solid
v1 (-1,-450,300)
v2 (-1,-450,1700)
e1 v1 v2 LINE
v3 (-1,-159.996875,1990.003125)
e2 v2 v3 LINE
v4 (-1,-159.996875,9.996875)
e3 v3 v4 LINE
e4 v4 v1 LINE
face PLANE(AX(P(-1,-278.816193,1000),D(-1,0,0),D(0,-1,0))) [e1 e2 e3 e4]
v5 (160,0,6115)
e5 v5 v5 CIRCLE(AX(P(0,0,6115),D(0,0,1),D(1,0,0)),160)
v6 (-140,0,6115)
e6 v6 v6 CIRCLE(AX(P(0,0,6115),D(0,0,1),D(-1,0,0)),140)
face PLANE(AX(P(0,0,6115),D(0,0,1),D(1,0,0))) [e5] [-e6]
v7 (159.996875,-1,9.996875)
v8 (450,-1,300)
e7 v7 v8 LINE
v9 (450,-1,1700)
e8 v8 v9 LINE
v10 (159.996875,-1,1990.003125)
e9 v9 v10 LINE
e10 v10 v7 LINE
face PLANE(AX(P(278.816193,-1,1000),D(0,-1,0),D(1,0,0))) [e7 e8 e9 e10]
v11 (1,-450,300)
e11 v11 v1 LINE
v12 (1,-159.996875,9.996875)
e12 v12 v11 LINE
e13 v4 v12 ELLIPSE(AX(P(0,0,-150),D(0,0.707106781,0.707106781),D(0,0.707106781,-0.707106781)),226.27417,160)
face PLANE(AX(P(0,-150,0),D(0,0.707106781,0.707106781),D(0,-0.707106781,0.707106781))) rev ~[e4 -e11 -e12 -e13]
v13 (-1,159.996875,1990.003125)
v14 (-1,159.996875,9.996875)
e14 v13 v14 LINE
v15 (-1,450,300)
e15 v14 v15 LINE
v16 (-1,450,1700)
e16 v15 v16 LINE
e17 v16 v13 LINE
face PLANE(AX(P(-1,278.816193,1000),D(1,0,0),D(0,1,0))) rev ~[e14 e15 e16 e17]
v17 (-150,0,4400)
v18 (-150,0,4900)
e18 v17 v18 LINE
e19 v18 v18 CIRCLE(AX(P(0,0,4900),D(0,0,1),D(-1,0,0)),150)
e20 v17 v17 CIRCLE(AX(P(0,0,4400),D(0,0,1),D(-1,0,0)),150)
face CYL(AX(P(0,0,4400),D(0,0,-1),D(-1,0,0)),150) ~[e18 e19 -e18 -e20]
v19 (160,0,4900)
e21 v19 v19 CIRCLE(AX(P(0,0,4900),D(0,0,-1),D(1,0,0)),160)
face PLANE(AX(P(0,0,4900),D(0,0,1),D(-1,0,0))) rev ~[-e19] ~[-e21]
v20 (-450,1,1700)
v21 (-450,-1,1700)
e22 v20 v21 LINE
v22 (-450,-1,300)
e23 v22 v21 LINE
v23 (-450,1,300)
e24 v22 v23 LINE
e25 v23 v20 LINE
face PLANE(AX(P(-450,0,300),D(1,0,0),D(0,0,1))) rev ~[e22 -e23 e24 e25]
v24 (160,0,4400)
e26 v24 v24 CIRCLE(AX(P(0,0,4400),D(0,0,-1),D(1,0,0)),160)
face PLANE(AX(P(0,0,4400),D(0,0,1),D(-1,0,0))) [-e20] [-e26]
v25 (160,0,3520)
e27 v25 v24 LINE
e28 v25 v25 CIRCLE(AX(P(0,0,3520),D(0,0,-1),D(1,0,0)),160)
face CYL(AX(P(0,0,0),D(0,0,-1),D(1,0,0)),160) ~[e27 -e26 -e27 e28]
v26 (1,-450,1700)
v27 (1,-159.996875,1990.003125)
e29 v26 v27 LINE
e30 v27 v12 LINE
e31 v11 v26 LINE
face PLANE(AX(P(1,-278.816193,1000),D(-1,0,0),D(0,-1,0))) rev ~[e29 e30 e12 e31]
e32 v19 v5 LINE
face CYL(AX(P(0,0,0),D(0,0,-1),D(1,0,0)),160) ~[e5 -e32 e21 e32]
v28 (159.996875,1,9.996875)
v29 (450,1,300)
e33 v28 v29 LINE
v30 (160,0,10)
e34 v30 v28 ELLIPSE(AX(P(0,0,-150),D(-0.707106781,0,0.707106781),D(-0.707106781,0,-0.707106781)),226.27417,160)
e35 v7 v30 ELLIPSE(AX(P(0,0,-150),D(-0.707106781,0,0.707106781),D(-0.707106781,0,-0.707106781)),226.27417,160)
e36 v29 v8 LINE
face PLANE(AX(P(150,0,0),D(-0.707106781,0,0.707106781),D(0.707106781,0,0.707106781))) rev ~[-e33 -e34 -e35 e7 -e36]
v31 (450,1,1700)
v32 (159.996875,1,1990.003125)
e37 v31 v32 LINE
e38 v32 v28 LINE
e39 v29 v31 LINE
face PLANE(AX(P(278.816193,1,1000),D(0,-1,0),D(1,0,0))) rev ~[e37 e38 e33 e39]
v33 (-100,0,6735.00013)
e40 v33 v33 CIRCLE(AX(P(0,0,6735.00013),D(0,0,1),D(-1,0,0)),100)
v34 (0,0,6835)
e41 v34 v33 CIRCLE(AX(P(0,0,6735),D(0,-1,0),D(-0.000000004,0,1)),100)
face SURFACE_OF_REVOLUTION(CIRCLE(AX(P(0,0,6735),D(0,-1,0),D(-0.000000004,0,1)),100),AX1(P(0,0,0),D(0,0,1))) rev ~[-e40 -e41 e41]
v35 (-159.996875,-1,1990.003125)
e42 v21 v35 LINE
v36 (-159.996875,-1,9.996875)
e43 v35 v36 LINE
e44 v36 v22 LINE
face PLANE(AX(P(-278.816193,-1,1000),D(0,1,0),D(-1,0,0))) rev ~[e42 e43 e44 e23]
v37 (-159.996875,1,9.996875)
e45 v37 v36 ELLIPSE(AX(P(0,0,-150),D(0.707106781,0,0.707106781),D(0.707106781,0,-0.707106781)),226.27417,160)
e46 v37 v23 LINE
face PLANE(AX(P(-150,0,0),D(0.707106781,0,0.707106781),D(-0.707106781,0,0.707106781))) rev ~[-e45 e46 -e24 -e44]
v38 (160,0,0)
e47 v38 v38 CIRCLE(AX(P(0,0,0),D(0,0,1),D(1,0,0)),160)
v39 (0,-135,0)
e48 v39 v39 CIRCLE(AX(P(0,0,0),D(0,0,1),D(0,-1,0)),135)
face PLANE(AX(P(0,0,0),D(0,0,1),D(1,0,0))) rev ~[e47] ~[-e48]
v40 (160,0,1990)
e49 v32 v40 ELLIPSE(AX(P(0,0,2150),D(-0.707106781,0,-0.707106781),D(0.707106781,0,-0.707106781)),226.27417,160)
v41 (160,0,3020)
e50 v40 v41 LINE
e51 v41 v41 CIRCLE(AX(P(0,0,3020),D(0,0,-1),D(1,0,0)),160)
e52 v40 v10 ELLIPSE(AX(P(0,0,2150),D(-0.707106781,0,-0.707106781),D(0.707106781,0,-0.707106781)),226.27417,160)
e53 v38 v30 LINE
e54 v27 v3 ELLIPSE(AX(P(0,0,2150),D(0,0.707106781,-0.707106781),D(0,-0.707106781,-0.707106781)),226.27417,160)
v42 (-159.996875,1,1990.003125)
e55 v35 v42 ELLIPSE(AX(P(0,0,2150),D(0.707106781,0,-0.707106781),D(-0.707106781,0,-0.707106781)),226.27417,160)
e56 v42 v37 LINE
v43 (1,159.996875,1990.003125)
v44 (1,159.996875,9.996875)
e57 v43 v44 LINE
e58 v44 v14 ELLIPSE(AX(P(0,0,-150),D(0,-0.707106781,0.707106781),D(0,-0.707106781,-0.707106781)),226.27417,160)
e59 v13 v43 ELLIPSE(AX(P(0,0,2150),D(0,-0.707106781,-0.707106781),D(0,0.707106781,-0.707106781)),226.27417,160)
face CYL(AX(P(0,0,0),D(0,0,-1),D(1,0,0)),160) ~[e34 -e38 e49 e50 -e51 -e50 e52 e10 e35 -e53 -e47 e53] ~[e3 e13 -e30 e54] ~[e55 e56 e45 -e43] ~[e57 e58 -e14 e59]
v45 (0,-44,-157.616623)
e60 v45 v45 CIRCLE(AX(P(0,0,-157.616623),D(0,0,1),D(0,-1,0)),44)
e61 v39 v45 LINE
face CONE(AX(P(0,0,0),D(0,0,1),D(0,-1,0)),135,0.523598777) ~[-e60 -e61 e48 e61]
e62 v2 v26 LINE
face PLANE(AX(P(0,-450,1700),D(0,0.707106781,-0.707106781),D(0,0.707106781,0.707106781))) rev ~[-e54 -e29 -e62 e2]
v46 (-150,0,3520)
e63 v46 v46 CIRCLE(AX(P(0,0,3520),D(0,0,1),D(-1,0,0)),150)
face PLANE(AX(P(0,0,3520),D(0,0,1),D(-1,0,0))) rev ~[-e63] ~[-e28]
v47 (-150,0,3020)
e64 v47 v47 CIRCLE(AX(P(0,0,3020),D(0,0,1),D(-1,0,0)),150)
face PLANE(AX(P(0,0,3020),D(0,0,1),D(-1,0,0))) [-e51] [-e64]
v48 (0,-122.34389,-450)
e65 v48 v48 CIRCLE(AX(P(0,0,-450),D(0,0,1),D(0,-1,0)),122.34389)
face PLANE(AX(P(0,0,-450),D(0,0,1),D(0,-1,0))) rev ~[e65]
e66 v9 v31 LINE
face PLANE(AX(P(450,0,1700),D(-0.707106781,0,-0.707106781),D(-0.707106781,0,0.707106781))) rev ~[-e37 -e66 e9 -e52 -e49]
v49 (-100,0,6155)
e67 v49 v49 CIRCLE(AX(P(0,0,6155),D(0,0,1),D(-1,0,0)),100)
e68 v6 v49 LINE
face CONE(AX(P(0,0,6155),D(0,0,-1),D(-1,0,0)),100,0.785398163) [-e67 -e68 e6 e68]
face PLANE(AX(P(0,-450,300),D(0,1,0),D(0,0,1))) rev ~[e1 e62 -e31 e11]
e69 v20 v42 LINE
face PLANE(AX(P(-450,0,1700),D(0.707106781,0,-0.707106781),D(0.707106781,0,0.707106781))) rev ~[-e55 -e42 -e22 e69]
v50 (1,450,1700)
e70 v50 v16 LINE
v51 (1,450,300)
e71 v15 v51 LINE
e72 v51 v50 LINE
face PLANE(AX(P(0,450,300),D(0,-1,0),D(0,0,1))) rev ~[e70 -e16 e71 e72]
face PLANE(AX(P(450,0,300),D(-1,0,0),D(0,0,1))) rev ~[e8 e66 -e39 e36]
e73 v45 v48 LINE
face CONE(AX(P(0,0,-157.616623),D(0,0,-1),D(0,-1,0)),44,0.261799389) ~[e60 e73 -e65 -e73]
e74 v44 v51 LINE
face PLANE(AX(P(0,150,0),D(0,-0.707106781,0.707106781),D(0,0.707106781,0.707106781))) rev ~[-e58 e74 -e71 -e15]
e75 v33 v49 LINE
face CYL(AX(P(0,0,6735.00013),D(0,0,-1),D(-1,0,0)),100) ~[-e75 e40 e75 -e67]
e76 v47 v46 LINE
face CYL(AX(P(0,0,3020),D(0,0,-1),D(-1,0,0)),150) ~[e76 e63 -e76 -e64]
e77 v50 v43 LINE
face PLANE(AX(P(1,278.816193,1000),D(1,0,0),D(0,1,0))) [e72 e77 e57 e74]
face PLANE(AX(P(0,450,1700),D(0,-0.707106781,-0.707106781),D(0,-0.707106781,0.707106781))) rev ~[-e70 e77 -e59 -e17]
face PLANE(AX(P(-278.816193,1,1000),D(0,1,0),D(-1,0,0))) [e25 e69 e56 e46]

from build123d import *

# Parameters (mm, degrees)
SKETCH_R           = 160
PAD_DEPTH          = 6115
CHAMFER_SIZE       = 40
PAD001_DEPTH       = 1
POLARPATTERN_COUNT = 4
SKETCH004_R        = 160
SKETCH004_R_2      = 150
POCKET_DEPTH       = 500
SKETCH005_R        = 160
SKETCH005_R_2      = 150
POCKET001_DEPTH    = 500


with BuildPart() as part:
    # Sketch → Pad (new body)
    with BuildSketch(Plane.XY):
        Circle(SKETCH_R)
    extrude(amount=PAD_DEPTH)

    # Sketch001 → Revolution (revolve)
    with BuildSketch(Plane.XZ):
        with BuildLine():
            ThreePointArc((0, 6835), (-70.710632, 6805.710724), (-100, 6735.00013))
            Line((-100, 6735.00013), (-100, 6115))
            Line((-100, 6115), (0, 6115))
            Line((0, 6115), (0, 6735.00013))
            Line((0, 6835), (0, 6735.00013))
        make_face()
    revolve(axis=Axis((0, 0, 0), (0, 0, 1)))

    # Sketch002 → Revolution001 (revolve)
    with BuildSketch(Plane.YZ):
        Polygon((-135, 0), (-44, -157.616623), (-122.34389, -450), (0, -450), (0, 0), align=None)
    revolve(axis=Axis((0, 0, 0), (0, 0, 1)))

    # Chamfer
    chamfer_edges = [part.edges().sort_by_distance(p)[0] for p in [
        (100, 0, 6115),
    ]]
    chamfer(chamfer_edges, length=CHAMFER_SIZE)

    # Sketch003 → Pad001 (join, symmetric)
    with BuildSketch(Plane.YZ):
        Polygon((-150, 2000), (-150, 0), (-450, 300), (-450, 1700), align=None)
    pad001 = extrude(amount=PAD001_DEPTH, both=True)

    # PolarPattern: Pad001 ×4 about axis
    polarpattern_axis = Axis((0, 0, 0), (0, 0, 1))
    for i in range(1, POLARPATTERN_COUNT):
        add(pad001.rotate(polarpattern_axis, i * 360 / POLARPATTERN_COUNT))

    # Sketch004 (on DatumPlane) → Pocket (cut)
    with BuildSketch(Plane(origin=(0, 0, 3020), x_dir=(-1, 0, 0), z_dir=(0, 0, 1))):
        Circle(SKETCH004_R)
        Circle(SKETCH004_R_2, mode=Mode.SUBTRACT)
    extrude(amount=POCKET_DEPTH, mode=Mode.SUBTRACT)

    # Sketch005 (on DatumPlane) → Pocket001 (cut)
    with BuildSketch(Plane(origin=(0, 0, 4400), x_dir=(-1, 0, 0), z_dir=(0, 0, 1))):
        Circle(SKETCH005_R)
        Circle(SKETCH005_R_2, mode=Mode.SUBTRACT)
    extrude(amount=POCKET001_DEPTH, mode=Mode.SUBTRACT)


solid = part.part
